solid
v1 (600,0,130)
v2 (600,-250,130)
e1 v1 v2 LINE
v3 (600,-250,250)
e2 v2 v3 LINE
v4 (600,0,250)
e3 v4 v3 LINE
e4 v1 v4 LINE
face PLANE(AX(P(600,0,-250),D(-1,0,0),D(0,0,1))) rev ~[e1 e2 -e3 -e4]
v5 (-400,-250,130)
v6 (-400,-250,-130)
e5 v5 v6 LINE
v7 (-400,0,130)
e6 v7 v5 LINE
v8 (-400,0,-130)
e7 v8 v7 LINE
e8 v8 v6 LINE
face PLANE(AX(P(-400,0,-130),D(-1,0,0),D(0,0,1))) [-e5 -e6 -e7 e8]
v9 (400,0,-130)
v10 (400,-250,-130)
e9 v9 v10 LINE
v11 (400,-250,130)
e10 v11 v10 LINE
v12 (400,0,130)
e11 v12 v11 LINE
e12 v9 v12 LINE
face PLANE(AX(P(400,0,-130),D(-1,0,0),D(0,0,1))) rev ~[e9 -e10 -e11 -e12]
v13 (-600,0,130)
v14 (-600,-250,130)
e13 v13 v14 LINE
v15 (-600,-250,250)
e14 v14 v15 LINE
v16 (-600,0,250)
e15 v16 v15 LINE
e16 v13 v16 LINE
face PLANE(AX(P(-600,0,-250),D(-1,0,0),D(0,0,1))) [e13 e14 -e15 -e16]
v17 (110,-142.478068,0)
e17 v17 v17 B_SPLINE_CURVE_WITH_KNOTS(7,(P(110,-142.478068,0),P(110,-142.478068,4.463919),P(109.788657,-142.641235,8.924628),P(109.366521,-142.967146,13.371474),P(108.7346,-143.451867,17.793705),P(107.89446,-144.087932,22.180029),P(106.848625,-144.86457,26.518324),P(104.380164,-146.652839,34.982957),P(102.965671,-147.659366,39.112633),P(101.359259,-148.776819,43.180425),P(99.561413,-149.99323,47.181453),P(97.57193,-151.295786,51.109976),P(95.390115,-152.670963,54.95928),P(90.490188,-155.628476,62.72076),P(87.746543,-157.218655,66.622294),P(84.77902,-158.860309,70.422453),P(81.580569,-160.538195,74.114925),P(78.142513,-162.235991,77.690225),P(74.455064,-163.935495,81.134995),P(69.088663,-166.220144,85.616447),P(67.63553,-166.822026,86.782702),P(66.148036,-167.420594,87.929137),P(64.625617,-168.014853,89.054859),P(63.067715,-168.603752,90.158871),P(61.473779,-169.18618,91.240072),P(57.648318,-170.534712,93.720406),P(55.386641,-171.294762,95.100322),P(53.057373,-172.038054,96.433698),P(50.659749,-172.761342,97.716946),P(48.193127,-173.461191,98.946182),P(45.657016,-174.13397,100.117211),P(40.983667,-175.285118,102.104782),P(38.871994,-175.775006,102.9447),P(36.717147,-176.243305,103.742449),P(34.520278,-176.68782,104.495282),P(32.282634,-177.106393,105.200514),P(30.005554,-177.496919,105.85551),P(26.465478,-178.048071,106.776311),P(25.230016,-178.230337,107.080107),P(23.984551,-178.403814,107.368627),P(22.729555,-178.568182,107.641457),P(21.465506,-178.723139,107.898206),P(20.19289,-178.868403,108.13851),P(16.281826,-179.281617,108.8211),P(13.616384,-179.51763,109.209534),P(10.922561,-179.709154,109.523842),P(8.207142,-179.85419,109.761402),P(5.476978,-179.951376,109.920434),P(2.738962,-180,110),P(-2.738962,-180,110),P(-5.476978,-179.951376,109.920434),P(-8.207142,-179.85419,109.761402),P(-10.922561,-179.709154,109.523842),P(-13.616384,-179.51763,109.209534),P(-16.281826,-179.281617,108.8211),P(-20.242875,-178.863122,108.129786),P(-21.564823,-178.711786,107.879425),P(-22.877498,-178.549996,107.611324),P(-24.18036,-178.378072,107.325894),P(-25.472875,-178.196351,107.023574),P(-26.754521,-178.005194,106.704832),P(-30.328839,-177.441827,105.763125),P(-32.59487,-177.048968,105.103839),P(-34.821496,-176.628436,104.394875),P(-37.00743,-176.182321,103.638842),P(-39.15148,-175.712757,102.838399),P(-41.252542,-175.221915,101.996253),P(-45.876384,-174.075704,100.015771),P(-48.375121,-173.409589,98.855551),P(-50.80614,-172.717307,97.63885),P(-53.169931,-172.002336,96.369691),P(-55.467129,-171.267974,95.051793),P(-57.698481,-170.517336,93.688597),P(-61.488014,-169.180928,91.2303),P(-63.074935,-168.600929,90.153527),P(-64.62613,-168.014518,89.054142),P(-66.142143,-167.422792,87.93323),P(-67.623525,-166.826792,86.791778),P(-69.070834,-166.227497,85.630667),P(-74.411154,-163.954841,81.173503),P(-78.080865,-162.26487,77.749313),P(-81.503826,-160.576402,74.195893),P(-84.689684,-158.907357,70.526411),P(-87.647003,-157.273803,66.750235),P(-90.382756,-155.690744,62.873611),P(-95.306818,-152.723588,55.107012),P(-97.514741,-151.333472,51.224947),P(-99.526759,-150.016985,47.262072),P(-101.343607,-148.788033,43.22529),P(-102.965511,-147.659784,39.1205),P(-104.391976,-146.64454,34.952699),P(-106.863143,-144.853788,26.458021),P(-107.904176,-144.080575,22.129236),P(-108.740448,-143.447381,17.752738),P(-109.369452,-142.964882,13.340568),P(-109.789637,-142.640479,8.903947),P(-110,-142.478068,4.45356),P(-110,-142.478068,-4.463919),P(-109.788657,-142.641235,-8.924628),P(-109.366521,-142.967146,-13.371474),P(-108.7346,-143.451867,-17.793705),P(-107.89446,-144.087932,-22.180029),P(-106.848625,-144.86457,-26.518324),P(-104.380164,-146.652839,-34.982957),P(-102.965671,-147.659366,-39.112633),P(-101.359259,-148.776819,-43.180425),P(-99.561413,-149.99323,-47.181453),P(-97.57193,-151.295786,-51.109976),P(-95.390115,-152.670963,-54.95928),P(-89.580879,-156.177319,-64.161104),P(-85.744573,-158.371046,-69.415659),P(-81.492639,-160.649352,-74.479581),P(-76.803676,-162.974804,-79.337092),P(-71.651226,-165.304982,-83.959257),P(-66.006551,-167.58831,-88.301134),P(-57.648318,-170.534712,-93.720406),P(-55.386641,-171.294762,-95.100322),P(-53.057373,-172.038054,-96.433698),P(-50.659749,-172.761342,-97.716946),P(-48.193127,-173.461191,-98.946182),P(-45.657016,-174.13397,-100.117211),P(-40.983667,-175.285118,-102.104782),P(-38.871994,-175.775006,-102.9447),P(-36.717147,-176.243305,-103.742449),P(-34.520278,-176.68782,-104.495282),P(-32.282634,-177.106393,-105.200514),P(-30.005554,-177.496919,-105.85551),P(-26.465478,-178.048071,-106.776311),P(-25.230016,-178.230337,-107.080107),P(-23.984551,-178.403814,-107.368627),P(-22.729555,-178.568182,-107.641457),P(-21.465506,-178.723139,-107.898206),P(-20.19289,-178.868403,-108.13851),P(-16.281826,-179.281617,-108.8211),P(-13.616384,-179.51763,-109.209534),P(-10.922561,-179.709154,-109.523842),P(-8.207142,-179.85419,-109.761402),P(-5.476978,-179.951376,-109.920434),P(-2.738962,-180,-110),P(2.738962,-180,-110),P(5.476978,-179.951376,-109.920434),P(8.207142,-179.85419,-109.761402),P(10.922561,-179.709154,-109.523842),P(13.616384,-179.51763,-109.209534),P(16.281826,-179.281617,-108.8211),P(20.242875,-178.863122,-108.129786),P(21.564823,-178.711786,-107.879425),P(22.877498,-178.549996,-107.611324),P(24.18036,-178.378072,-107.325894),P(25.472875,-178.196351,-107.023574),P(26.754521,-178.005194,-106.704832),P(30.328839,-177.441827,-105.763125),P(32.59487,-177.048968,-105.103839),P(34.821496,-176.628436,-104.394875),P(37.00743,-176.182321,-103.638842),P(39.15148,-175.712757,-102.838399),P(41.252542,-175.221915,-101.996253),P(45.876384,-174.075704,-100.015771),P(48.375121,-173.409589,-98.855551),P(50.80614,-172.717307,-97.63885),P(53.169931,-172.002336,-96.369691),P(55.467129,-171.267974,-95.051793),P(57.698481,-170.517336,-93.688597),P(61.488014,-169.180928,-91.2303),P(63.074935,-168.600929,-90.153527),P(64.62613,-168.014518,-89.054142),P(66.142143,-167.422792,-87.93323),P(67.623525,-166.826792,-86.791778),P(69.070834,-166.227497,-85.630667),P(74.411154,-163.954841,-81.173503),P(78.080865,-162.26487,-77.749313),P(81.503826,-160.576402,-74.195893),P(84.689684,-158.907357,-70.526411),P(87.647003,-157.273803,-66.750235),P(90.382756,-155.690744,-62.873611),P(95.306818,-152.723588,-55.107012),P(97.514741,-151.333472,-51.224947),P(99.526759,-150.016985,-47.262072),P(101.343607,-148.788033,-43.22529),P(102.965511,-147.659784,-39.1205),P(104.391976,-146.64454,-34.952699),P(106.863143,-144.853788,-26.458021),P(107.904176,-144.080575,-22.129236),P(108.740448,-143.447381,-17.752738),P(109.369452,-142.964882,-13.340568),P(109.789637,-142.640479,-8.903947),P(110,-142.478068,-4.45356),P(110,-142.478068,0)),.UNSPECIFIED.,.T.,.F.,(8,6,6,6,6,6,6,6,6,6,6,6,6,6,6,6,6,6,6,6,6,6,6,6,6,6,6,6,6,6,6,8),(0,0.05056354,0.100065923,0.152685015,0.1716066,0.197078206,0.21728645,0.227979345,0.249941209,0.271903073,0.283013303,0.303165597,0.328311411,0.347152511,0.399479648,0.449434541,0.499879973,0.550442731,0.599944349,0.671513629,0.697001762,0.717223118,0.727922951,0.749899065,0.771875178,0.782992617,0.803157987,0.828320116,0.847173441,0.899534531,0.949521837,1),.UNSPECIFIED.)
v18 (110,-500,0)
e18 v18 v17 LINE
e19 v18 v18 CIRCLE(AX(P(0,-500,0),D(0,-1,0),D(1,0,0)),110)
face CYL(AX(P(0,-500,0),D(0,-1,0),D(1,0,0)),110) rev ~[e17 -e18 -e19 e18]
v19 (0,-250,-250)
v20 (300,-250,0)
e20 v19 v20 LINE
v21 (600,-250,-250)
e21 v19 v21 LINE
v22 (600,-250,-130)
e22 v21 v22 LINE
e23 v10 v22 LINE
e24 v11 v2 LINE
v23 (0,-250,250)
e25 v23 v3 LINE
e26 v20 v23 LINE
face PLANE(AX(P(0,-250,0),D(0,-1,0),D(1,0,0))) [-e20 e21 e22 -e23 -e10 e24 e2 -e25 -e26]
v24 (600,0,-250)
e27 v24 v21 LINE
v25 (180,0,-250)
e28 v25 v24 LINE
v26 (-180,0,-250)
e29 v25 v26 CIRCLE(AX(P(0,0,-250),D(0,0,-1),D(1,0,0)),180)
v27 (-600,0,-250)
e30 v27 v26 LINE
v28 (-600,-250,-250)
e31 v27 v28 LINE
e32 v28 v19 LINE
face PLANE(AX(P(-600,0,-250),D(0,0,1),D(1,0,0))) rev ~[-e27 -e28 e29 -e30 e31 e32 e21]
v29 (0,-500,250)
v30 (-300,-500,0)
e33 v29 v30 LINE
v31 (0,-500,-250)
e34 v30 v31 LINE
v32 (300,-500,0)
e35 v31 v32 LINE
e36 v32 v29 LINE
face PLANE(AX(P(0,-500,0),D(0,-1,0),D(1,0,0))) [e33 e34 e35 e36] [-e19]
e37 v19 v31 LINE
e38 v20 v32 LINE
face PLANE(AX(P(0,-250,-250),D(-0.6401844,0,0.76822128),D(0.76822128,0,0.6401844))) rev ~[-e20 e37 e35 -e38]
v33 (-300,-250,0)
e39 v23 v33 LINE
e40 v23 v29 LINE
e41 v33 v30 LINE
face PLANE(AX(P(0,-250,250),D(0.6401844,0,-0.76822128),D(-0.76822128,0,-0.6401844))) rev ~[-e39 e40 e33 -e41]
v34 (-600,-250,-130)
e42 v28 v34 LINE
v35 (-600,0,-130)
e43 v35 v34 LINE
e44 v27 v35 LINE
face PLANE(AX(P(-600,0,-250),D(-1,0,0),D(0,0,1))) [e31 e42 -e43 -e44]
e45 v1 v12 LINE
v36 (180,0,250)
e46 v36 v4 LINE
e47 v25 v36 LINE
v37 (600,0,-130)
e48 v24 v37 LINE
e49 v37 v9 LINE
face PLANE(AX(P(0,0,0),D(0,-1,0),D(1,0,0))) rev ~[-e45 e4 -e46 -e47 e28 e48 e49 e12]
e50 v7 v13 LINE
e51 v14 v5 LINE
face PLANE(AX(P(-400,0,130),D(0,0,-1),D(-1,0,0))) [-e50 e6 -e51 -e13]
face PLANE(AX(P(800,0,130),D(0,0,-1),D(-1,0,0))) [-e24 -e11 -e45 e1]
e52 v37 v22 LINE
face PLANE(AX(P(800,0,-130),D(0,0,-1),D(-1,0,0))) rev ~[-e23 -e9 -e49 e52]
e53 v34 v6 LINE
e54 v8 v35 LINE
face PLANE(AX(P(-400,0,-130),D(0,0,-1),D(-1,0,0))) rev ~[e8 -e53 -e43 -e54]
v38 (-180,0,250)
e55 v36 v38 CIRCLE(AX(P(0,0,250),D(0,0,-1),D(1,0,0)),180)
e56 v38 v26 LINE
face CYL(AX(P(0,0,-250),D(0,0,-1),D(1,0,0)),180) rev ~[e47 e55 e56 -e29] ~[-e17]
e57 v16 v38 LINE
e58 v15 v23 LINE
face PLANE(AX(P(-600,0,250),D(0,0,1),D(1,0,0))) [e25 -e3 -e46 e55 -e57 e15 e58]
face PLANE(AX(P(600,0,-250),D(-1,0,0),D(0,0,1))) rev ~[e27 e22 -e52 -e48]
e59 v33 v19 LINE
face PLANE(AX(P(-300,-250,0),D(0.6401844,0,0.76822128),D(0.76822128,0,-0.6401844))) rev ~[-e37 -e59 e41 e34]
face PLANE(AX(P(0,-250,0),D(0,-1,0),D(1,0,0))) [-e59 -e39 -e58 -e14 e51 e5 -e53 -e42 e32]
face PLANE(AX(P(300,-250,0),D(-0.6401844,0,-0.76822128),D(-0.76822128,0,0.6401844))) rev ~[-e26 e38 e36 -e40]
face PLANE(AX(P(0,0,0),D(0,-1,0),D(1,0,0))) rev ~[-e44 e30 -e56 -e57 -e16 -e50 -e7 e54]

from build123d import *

# Parameters (mm, degrees)
F0_W     = 1200
F0_H     = 500
F1_DEPTH = 250
F2_W     = 400
F2_H     = 260
F3_DEPTH = 250.001
F5_DEPTH = 250
F6_R     = 110
F7_DEPTH = 500.001
F8_R     = 180
F9_DEPTH = 500.001


with BuildPart() as f1:
    # F0 (on Front) → F1 (new body)
    with BuildSketch(Plane.XZ):
        Rectangle(F0_W, F0_H)
    extrude(amount=F1_DEPTH)

    # F2 (on face) → F3 (cut, through all)
    with BuildSketch(Plane(origin=(0, 0, 0), x_dir=(-1, 0, 0), z_dir=(0, 1, 0))):
        with Locations((-600, 0)):
            Rectangle(F2_W, F2_H)
        with Locations((600, 0)):
            Rectangle(F2_W, F2_H)
    extrude(amount=-F3_DEPTH, mode=Mode.SUBTRACT)

    # F4 (on face) → F5 (join)
    with BuildSketch(Plane.XZ.offset(250)):
        Polygon((0, 250), (-300, 0), (0, -250), (300, 0), align=None)
    extrude(amount=F5_DEPTH)

    # F6 (on face) → F7 (cut, through all)
    with BuildSketch(Plane.XZ.offset(500)):
        Circle(F6_R)
    extrude(amount=-F7_DEPTH, mode=Mode.SUBTRACT)

    # F8 (on face) → F9 (cut, through all)
    with BuildSketch(Plane(origin=(0, 0, -250), x_dir=(1, 0, 0), z_dir=(0, 0, -1))):
        Circle(F8_R)
    extrude(amount=-F9_DEPTH, mode=Mode.SUBTRACT)


solid = f1.part
